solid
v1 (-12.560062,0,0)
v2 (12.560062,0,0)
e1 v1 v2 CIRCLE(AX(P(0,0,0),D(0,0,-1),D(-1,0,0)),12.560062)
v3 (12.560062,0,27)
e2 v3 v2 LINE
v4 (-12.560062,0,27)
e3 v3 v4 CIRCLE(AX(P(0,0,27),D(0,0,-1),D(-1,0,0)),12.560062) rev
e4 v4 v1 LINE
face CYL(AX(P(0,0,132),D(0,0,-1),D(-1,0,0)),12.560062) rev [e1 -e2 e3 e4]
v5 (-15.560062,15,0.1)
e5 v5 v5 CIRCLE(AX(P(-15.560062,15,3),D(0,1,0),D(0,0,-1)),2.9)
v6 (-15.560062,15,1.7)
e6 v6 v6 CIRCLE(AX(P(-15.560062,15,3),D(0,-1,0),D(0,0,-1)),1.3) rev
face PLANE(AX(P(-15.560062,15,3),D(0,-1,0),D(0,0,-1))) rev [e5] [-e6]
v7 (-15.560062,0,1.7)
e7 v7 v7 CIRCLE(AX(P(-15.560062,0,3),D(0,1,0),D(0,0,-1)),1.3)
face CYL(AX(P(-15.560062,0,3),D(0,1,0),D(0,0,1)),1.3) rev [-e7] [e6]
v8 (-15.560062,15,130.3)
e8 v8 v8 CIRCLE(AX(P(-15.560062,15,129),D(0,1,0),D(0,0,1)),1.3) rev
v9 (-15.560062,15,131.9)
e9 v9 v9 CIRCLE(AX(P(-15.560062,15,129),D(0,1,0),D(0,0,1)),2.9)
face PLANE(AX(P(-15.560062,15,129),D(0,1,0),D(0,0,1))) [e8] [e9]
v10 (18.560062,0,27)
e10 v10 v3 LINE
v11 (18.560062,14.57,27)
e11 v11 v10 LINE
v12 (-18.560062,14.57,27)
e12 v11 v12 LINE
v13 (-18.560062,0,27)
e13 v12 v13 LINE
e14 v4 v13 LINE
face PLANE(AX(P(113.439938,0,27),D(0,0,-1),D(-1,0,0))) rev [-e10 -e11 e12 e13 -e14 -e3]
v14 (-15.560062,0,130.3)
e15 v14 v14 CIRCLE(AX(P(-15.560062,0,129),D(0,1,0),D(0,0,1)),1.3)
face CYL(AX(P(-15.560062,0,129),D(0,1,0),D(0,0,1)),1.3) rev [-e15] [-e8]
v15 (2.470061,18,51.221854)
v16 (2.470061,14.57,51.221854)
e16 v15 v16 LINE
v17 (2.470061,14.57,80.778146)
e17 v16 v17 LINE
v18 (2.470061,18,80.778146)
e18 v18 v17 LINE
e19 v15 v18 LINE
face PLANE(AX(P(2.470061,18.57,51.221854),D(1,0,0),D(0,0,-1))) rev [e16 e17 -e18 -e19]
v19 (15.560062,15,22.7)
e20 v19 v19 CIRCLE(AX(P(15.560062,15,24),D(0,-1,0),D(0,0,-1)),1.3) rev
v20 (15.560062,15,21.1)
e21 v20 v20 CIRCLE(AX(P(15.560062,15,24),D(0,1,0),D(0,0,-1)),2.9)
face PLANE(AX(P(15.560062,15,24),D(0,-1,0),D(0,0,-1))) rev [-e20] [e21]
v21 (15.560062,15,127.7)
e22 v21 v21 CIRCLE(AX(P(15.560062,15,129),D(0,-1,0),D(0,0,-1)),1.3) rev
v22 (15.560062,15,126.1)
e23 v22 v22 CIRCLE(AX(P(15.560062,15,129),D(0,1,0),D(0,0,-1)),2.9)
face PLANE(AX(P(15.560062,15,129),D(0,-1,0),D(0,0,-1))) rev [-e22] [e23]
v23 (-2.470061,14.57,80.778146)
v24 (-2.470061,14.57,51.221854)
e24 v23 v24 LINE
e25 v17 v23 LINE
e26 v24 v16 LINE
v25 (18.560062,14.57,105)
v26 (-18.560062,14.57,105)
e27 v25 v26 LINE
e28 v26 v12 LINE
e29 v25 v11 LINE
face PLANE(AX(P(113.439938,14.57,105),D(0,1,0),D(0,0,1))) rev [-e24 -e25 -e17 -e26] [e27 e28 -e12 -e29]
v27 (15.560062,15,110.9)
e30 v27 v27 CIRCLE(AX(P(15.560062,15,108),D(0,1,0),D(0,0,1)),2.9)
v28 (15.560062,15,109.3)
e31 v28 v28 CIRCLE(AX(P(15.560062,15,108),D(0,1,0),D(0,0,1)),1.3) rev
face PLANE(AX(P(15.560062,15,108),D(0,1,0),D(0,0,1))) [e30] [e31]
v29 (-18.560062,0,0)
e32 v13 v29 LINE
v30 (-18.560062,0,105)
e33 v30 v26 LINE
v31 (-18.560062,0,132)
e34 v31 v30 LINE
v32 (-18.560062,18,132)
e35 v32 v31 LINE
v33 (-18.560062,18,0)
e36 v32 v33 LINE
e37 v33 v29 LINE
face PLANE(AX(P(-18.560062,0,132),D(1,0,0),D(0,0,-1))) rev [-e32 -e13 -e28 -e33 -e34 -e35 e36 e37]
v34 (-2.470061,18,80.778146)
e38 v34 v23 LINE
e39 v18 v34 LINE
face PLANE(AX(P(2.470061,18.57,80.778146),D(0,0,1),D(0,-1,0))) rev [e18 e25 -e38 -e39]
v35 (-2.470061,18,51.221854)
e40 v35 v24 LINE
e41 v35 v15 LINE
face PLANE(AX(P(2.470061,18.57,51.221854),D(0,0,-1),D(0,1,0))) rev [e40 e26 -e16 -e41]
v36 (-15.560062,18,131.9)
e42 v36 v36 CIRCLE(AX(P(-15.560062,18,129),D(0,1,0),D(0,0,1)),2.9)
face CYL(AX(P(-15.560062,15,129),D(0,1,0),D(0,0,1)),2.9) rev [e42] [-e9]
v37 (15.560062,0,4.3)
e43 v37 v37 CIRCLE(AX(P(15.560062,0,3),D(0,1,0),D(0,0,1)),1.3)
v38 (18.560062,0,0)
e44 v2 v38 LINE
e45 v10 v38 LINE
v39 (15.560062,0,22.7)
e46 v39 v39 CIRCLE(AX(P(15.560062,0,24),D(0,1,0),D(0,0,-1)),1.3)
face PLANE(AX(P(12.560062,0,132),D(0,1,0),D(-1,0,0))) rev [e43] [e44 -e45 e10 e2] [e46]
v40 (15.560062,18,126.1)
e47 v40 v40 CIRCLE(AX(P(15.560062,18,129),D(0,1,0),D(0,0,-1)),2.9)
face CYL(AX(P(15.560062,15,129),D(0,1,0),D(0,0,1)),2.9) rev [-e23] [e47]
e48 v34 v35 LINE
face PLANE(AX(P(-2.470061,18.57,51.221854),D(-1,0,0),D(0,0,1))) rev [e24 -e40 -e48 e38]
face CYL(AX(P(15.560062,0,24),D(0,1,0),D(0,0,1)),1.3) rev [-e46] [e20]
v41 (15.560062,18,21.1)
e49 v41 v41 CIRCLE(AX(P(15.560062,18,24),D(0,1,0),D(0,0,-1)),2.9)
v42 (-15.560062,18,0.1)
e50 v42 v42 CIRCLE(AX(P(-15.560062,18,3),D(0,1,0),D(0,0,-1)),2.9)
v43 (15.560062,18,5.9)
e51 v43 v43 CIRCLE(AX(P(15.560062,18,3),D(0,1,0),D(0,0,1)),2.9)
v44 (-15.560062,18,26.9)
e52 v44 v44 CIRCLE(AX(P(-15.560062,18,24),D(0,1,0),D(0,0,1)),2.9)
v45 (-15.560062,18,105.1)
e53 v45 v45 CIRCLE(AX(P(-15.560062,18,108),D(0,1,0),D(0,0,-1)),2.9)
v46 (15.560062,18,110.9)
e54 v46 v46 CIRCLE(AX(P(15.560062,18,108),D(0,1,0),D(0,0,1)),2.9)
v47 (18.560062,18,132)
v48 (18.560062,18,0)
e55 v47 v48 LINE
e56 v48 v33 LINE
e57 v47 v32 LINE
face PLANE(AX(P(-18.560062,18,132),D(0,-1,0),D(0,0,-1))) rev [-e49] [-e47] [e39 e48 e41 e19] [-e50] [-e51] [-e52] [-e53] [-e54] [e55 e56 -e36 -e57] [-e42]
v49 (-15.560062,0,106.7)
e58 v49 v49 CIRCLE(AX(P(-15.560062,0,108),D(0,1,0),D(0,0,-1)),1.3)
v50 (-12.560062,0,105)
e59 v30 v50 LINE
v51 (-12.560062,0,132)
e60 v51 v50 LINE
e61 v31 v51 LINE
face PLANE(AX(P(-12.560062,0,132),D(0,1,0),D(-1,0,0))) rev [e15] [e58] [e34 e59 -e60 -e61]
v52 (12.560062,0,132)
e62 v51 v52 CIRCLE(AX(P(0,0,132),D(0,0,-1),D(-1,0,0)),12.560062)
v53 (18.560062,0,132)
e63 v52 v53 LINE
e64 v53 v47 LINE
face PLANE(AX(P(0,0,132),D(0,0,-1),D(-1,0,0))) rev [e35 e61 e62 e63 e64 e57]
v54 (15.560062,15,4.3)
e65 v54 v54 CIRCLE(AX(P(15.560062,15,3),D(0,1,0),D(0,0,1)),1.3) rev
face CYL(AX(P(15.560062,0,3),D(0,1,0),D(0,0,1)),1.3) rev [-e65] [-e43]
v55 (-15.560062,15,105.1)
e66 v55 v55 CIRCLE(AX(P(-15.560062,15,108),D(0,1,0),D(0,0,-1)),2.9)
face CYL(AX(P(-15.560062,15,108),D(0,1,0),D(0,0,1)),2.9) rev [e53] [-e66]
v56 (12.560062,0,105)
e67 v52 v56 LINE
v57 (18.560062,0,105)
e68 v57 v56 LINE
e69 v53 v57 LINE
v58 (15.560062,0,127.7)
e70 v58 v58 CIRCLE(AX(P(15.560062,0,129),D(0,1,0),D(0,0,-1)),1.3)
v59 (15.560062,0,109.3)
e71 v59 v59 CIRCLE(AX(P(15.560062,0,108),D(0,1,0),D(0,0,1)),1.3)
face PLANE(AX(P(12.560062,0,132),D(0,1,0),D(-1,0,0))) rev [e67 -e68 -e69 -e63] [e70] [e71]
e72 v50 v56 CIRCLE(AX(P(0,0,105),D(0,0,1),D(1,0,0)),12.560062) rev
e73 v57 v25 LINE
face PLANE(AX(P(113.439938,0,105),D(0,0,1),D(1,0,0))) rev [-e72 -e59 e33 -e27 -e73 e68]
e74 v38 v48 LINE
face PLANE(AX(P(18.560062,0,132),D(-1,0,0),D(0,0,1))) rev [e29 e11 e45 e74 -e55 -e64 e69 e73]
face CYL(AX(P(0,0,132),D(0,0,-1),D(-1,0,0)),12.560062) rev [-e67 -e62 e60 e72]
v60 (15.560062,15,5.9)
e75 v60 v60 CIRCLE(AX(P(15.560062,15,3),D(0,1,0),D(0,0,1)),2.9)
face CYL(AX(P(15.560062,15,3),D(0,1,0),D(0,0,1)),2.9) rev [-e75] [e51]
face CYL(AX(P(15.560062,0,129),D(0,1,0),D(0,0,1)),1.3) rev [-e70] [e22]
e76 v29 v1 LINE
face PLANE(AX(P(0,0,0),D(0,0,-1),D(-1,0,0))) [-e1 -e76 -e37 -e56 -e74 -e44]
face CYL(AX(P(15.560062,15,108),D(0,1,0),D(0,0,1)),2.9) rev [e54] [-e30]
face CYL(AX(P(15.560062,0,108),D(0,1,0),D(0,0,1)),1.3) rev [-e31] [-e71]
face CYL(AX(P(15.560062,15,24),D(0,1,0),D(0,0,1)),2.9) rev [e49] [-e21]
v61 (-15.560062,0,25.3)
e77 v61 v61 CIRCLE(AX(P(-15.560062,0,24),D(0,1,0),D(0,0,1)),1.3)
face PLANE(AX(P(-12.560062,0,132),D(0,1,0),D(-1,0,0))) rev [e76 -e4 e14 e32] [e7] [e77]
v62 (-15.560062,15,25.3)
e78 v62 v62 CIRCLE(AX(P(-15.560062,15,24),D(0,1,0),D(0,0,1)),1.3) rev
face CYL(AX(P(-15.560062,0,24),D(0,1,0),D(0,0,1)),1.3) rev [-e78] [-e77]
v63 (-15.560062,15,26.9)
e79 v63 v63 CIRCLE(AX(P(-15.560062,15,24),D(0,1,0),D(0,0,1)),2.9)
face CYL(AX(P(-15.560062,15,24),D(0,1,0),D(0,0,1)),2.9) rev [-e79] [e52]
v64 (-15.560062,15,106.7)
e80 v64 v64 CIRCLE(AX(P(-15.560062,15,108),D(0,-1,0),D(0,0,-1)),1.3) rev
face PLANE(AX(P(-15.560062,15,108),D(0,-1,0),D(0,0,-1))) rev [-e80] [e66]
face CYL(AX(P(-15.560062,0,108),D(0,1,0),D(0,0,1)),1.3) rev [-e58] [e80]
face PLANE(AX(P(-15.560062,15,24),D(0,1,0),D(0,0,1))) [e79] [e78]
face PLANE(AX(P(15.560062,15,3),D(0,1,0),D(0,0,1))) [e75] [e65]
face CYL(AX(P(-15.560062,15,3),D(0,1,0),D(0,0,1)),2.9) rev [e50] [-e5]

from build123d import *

# Parameters (mm, degrees)
BOSS_EXTRU_1_DEPTH      = 132
ESQUISSE2_W             = 78
ESQUISSE2_H             = 14.57
ENL_V_MAT_EXTRU_1_DEPTH = 132
ESQUISSE3_W             = 4.94012132
ESQUISSE3_H             = 29.556292602
ENL_V_MAT_EXTRU_2_DEPTH = 4
ESQUISSE4_R             = 1.3
ENL_V_MAT_EXTRU_3_DEPTH = 18
ESQUISSE6_R             = 2.9
ENL_V_MAT_EXTRU_5_DEPTH = 3


with BuildPart() as part:
    # Esquisse1 → Boss.-Extru.1 (new body)
    with BuildSketch(Plane.XY):
        with BuildLine():
            Line((-12.560062385, 0), (-18.560062385, 0))
            Line((-18.560062385, 0), (-18.560062385, 18))
            Line((-18.560062385, 18), (18.560062385, 18))
            Line((18.560062385, 18), (18.560062385, 0))
            Line((18.560062385, 0), (12.560062385, 0))
            ThreePointArc((12.560062385, 0), (0, 12.560062385), (-12.560062385, 0))
        make_face()
    extrude(amount=BOSS_EXTRU_1_DEPTH)

    # Esquisse2 → Enlèv. mat.-Extru.1 (cut)
    with BuildSketch(Plane.ZY.offset(18.560062385)):
        with Locations((66, 7.285)):
            Rectangle(ESQUISSE2_W, ESQUISSE2_H)
    extrude(amount=-ENL_V_MAT_EXTRU_1_DEPTH, mode=Mode.SUBTRACT)

    # Esquisse3 → Enlèv. mat.-Extru.2 (cut)
    with BuildSketch(Plane.XZ.offset(-14.57)):
        with Locations((0, 66)):
            Rectangle(ESQUISSE3_W, ESQUISSE3_H)
    extrude(amount=-ENL_V_MAT_EXTRU_2_DEPTH, mode=Mode.SUBTRACT)

    # Esquisse4 → Enlèv. mat.-Extru.3 (cut)
    with BuildSketch(Plane(origin=(0, 18, 0), x_dir=(1, 0, 0), z_dir=(0, 1, 0))):
        with Locations((15.560062385, -3)):
            Circle(ESQUISSE4_R)
        with Locations((15.560062385, -24)):
            Circle(ESQUISSE4_R)
        with Locations((-15.560062385, -3)):
            Circle(ESQUISSE4_R)
        with Locations((-15.560062385, -24)):
            Circle(ESQUISSE4_R)
        with Locations((-15.560062385, -108)):
            Circle(ESQUISSE4_R)
        with Locations((-15.560062385, -129)):
            Circle(ESQUISSE4_R)
        with Locations((15.560062385, -108)):
            Circle(ESQUISSE4_R)
        with Locations((15.560062385, -129)):
            Circle(ESQUISSE4_R)
    extrude(amount=-ENL_V_MAT_EXTRU_3_DEPTH, mode=Mode.SUBTRACT)

    # Esquisse6 → Enlèv. mat.-Extru.5 (cut)
    with BuildSketch(Plane(origin=(0, 18, 0), x_dir=(1, 0, 0), z_dir=(0, 1, 0))):
        with Locations((15.560062385, -3)):
            Circle(ESQUISSE6_R)
        with Locations((15.560062385, -24)):
            Circle(ESQUISSE6_R)
        with Locations((-15.560062385, -3)):
            Circle(ESQUISSE6_R)
        with Locations((-15.560062385, -24)):
            Circle(ESQUISSE6_R)
        with Locations((-15.560062385, -108)):
            Circle(ESQUISSE6_R)
        with Locations((-15.560062385, -129)):
            Circle(ESQUISSE6_R)
        with Locations((15.560062385, -108)):
            Circle(ESQUISSE6_R)
        with Locations((15.560062385, -129)):
            Circle(ESQUISSE6_R)
    extrude(amount=-ENL_V_MAT_EXTRU_5_DEPTH, mode=Mode.SUBTRACT)


solid = part.part
